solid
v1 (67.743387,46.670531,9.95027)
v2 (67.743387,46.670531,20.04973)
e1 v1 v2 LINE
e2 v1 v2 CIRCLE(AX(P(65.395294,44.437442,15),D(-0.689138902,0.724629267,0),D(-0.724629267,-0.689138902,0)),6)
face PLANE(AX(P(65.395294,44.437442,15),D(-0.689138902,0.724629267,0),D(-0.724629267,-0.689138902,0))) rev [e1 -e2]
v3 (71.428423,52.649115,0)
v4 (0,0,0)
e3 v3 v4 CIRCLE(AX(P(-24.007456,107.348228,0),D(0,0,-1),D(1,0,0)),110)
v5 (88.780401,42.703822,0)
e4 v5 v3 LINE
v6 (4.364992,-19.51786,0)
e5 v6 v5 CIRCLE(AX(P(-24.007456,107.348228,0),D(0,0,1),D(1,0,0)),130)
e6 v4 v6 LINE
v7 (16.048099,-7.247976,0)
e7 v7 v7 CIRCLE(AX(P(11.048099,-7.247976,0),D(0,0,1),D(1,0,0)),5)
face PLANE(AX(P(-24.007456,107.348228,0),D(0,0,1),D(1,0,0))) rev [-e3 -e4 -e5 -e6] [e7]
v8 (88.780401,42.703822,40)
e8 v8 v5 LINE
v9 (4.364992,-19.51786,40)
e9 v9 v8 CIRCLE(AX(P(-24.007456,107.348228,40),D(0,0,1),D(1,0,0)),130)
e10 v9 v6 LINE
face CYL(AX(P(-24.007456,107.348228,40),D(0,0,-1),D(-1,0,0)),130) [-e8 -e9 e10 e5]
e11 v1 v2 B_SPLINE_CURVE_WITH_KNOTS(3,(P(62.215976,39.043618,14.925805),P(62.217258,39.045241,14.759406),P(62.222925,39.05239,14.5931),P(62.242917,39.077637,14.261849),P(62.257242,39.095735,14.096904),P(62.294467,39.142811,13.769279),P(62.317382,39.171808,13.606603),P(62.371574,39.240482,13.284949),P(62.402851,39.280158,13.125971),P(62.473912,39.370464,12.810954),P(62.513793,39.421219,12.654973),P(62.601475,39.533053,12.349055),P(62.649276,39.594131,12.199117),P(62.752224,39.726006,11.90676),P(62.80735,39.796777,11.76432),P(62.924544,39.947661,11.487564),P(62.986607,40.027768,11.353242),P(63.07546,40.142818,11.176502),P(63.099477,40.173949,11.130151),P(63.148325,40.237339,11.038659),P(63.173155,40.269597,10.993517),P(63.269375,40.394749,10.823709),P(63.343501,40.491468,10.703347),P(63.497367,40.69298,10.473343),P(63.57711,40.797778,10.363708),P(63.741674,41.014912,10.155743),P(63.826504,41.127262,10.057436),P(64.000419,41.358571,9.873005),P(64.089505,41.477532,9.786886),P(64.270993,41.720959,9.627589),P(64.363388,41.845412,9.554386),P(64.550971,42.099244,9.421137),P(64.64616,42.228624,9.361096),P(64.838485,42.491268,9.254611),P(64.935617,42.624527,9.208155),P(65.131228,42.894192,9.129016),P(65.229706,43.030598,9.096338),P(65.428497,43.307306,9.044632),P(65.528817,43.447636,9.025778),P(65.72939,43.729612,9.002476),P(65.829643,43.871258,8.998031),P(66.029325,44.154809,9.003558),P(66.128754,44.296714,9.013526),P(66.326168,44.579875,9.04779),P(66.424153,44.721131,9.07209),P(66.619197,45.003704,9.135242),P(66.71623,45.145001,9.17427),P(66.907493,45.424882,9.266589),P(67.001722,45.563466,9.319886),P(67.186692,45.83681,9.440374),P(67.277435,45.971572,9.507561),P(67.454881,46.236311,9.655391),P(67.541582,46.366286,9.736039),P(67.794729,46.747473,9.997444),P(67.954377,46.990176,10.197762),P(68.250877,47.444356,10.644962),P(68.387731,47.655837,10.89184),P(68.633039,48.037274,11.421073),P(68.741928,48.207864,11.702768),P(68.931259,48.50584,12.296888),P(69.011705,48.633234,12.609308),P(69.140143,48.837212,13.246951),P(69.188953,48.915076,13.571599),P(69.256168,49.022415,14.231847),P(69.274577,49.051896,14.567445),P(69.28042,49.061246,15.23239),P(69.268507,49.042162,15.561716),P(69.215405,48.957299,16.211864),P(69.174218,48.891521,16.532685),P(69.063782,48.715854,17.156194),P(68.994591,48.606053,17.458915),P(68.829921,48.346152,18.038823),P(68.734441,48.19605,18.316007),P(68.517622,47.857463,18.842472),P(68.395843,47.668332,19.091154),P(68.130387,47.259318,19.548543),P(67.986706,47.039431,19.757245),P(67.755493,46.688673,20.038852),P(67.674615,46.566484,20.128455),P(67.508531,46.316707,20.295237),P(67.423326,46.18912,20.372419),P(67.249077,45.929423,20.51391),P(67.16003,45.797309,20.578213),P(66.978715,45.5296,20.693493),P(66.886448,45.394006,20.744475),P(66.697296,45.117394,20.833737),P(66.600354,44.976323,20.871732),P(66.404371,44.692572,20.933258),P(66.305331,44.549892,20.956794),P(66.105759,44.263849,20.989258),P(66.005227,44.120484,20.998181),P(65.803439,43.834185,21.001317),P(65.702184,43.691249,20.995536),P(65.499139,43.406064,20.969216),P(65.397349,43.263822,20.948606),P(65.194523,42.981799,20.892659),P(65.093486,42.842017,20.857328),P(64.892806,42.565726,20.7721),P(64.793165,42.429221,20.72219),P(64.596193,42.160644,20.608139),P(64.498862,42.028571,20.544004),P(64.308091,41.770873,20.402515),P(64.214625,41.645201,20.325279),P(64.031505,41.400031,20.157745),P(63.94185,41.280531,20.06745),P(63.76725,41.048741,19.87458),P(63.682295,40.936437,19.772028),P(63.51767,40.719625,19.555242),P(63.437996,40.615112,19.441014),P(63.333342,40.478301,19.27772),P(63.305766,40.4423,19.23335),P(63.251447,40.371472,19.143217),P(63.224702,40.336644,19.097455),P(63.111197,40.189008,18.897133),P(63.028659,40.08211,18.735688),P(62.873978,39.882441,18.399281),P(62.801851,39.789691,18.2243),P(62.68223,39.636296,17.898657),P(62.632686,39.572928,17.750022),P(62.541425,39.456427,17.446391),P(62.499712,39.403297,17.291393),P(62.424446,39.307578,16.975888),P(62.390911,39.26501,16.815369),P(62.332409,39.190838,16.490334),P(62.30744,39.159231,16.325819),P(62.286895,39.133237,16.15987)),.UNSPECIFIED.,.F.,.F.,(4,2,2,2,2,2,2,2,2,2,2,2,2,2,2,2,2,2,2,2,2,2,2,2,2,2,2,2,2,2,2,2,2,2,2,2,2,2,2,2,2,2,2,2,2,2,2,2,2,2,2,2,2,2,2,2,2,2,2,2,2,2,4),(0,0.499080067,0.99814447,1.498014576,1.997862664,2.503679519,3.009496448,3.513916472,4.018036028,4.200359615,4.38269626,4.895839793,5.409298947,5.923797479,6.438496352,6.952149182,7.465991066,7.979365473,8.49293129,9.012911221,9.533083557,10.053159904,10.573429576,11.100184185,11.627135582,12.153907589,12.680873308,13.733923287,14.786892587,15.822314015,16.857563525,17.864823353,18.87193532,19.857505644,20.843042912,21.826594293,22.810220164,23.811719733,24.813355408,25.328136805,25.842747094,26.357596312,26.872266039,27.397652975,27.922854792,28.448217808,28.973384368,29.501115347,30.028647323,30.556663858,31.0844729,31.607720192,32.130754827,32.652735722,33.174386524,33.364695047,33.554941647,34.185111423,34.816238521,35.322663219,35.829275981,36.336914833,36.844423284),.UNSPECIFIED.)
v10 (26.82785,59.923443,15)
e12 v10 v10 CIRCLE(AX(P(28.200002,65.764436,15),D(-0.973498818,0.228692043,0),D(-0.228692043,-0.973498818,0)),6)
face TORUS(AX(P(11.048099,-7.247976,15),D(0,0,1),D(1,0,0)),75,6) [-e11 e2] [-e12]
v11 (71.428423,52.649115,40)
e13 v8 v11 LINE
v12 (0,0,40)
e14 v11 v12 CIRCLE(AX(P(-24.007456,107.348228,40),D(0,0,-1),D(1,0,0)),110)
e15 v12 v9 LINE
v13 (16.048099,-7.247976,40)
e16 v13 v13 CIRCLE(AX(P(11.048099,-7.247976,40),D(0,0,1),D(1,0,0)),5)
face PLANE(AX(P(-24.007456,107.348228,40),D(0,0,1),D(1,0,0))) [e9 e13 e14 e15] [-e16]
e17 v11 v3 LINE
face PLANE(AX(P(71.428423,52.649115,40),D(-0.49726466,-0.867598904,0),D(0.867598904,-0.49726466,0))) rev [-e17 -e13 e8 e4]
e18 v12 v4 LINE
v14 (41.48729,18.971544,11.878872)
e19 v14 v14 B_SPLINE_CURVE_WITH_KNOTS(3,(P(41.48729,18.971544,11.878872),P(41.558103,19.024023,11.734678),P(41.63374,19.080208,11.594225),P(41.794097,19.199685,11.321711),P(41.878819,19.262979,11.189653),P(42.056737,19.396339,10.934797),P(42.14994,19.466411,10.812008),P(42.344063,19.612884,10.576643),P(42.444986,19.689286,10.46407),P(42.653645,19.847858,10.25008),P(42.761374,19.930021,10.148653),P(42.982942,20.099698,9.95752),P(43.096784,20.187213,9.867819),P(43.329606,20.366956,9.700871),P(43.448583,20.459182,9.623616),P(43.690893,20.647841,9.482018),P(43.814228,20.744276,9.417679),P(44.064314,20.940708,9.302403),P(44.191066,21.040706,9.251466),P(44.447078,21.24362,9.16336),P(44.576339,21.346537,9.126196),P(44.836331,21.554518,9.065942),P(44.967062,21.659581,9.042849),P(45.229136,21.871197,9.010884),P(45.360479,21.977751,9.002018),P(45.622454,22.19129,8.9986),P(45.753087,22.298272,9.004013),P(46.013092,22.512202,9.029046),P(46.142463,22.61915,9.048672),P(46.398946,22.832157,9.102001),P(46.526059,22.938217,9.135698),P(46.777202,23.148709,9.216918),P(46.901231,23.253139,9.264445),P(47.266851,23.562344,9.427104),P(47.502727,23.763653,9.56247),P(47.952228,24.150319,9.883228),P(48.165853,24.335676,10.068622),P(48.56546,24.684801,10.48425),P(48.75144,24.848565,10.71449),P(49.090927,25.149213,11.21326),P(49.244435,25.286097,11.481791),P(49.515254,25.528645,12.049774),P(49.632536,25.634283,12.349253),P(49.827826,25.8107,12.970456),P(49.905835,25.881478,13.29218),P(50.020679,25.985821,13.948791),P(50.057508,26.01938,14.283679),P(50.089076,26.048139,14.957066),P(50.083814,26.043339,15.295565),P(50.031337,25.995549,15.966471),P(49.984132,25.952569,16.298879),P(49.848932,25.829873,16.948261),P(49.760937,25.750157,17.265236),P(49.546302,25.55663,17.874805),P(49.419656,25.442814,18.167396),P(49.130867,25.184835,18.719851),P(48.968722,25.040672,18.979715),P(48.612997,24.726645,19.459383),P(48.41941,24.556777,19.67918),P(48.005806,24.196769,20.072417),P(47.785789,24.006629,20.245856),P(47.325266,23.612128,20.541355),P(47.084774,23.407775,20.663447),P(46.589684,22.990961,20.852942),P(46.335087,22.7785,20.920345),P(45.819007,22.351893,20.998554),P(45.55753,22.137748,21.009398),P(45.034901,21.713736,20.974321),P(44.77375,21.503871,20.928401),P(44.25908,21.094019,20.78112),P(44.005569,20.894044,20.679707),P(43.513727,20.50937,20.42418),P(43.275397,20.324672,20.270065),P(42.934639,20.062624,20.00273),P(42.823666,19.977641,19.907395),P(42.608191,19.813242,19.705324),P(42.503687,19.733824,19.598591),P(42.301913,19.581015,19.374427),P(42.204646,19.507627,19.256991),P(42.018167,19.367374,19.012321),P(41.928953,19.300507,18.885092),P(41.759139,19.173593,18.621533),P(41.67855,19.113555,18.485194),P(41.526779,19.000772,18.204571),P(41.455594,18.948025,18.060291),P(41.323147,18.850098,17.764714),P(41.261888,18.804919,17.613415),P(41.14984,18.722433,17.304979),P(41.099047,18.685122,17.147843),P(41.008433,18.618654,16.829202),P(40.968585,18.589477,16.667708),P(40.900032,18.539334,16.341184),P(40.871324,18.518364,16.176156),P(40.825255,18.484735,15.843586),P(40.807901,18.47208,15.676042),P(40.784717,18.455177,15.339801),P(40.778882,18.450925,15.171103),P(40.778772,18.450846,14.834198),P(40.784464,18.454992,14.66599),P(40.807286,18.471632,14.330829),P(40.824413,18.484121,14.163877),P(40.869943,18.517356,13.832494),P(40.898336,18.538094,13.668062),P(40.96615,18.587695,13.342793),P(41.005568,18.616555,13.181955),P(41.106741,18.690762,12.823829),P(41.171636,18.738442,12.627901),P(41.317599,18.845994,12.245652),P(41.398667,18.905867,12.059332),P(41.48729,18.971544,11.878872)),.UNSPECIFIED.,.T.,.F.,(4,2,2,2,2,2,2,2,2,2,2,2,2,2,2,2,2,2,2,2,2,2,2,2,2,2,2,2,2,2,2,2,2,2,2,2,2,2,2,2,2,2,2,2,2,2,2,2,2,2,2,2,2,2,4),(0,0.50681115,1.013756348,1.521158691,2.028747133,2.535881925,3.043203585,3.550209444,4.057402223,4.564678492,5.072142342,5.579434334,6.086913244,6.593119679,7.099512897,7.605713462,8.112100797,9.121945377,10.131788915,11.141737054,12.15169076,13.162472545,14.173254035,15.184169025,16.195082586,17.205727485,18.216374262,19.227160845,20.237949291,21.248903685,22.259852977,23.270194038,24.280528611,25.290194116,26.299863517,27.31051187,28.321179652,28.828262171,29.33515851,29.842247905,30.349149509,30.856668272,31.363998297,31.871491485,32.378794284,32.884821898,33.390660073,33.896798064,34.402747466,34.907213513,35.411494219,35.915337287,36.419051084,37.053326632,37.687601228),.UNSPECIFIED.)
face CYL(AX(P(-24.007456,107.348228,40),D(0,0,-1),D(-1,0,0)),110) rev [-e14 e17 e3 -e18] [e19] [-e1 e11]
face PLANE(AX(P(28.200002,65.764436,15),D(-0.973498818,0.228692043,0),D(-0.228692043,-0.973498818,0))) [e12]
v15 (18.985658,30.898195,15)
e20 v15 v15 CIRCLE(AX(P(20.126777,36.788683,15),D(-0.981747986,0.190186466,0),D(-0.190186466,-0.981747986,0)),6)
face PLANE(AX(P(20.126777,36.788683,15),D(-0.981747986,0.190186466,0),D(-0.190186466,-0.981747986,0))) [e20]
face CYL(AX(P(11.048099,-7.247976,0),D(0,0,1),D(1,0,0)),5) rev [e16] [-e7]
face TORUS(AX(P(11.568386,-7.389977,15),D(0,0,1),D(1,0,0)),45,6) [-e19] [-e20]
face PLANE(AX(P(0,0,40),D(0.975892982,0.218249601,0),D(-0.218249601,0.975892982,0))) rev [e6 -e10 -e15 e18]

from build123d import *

# Parameters (mm, degrees)
BOSS_EXTRUDE1_DEPTH     = 40
CUT_EXTRUDE1_DEPTH      = 111.69728555
CUT_EXTRUDE1_DEPTH_BACK = 111.69728555
SKETCH3_R               = 5
SWEEP3_PROFILE_R        = 6
SWEEP4_PROFILE_R        = 6


with BuildPart() as part:
    # Sketch1 → Boss-Extrude1 (new body)
    with BuildSketch(Plane.XY):
        with BuildLine():
            Line((0, 0), (4.364992014, -19.517859635))
            ThreePointArc((4.364992014, -19.517859635), (53.125172498, 2.703315983), (88.780401421, 42.703822193))
            Line((88.780401421, 42.703822193), (71.428423344, 52.649115393))
            ThreePointArc((71.428423344, 52.649115393), (41.258614256, 18.802533215), (0, 0))
        make_face()
    extrude(amount=BOSS_EXTRUDE1_DEPTH)

    # Sketch3 → Cut-Extrude1 (cut, two sides: drawn at the far end of the back side and taken through both)
    with BuildSketch(Plane.XY.offset(40).offset(-CUT_EXTRUDE1_DEPTH_BACK)):
        with Locations((11.048099116, -7.247975554)):
            Circle(SKETCH3_R)
    extrude(amount=CUT_EXTRUDE1_DEPTH + CUT_EXTRUDE1_DEPTH_BACK, mode=Mode.SUBTRACT)

    # Sweep3: sweep along a path in Sketch32
    with BuildLine(Plane.XY.offset(15)) as sweep3_path:
        ThreePointArc((65.395294118, 44.437442075), (48.35413652, 57.815528603), (28.200002322, 65.764435832))
    # Sweep3 profile (on start of the path) → Sweep3 (sweep)
    with BuildSketch(Plane(origin=(65.395294118, 44.437442075, 15), x_dir=(0.7246292666888544, 0.6891389017157377, 0), z_dir=(-0.6891389017157377, 0.7246292666888544, 0))):
        Circle(SWEEP3_PROFILE_R)
    sweep(path=sweep3_path.line)

    # Sweep4: sweep along a path in Sketch48
    with BuildLine(Plane.XY.offset(15)) as sweep4_path:
        ThreePointArc((51.136783714, 14.042285968), (38.184106553, 28.895053348), (20.126776716, 36.788682657))
    # Sweep4 profile (on start of the path) → Sweep4 (sweep)
    with BuildSketch(Plane(origin=(51.136783714, 14.042285968, 15), x_dir=(0.879297732143527, 0.47627250418982864, 0), z_dir=(-0.47627250418982864, 0.879297732143527, 0))):
        Circle(SWEEP4_PROFILE_R)
    sweep(path=sweep4_path.line)


solid = part.part
